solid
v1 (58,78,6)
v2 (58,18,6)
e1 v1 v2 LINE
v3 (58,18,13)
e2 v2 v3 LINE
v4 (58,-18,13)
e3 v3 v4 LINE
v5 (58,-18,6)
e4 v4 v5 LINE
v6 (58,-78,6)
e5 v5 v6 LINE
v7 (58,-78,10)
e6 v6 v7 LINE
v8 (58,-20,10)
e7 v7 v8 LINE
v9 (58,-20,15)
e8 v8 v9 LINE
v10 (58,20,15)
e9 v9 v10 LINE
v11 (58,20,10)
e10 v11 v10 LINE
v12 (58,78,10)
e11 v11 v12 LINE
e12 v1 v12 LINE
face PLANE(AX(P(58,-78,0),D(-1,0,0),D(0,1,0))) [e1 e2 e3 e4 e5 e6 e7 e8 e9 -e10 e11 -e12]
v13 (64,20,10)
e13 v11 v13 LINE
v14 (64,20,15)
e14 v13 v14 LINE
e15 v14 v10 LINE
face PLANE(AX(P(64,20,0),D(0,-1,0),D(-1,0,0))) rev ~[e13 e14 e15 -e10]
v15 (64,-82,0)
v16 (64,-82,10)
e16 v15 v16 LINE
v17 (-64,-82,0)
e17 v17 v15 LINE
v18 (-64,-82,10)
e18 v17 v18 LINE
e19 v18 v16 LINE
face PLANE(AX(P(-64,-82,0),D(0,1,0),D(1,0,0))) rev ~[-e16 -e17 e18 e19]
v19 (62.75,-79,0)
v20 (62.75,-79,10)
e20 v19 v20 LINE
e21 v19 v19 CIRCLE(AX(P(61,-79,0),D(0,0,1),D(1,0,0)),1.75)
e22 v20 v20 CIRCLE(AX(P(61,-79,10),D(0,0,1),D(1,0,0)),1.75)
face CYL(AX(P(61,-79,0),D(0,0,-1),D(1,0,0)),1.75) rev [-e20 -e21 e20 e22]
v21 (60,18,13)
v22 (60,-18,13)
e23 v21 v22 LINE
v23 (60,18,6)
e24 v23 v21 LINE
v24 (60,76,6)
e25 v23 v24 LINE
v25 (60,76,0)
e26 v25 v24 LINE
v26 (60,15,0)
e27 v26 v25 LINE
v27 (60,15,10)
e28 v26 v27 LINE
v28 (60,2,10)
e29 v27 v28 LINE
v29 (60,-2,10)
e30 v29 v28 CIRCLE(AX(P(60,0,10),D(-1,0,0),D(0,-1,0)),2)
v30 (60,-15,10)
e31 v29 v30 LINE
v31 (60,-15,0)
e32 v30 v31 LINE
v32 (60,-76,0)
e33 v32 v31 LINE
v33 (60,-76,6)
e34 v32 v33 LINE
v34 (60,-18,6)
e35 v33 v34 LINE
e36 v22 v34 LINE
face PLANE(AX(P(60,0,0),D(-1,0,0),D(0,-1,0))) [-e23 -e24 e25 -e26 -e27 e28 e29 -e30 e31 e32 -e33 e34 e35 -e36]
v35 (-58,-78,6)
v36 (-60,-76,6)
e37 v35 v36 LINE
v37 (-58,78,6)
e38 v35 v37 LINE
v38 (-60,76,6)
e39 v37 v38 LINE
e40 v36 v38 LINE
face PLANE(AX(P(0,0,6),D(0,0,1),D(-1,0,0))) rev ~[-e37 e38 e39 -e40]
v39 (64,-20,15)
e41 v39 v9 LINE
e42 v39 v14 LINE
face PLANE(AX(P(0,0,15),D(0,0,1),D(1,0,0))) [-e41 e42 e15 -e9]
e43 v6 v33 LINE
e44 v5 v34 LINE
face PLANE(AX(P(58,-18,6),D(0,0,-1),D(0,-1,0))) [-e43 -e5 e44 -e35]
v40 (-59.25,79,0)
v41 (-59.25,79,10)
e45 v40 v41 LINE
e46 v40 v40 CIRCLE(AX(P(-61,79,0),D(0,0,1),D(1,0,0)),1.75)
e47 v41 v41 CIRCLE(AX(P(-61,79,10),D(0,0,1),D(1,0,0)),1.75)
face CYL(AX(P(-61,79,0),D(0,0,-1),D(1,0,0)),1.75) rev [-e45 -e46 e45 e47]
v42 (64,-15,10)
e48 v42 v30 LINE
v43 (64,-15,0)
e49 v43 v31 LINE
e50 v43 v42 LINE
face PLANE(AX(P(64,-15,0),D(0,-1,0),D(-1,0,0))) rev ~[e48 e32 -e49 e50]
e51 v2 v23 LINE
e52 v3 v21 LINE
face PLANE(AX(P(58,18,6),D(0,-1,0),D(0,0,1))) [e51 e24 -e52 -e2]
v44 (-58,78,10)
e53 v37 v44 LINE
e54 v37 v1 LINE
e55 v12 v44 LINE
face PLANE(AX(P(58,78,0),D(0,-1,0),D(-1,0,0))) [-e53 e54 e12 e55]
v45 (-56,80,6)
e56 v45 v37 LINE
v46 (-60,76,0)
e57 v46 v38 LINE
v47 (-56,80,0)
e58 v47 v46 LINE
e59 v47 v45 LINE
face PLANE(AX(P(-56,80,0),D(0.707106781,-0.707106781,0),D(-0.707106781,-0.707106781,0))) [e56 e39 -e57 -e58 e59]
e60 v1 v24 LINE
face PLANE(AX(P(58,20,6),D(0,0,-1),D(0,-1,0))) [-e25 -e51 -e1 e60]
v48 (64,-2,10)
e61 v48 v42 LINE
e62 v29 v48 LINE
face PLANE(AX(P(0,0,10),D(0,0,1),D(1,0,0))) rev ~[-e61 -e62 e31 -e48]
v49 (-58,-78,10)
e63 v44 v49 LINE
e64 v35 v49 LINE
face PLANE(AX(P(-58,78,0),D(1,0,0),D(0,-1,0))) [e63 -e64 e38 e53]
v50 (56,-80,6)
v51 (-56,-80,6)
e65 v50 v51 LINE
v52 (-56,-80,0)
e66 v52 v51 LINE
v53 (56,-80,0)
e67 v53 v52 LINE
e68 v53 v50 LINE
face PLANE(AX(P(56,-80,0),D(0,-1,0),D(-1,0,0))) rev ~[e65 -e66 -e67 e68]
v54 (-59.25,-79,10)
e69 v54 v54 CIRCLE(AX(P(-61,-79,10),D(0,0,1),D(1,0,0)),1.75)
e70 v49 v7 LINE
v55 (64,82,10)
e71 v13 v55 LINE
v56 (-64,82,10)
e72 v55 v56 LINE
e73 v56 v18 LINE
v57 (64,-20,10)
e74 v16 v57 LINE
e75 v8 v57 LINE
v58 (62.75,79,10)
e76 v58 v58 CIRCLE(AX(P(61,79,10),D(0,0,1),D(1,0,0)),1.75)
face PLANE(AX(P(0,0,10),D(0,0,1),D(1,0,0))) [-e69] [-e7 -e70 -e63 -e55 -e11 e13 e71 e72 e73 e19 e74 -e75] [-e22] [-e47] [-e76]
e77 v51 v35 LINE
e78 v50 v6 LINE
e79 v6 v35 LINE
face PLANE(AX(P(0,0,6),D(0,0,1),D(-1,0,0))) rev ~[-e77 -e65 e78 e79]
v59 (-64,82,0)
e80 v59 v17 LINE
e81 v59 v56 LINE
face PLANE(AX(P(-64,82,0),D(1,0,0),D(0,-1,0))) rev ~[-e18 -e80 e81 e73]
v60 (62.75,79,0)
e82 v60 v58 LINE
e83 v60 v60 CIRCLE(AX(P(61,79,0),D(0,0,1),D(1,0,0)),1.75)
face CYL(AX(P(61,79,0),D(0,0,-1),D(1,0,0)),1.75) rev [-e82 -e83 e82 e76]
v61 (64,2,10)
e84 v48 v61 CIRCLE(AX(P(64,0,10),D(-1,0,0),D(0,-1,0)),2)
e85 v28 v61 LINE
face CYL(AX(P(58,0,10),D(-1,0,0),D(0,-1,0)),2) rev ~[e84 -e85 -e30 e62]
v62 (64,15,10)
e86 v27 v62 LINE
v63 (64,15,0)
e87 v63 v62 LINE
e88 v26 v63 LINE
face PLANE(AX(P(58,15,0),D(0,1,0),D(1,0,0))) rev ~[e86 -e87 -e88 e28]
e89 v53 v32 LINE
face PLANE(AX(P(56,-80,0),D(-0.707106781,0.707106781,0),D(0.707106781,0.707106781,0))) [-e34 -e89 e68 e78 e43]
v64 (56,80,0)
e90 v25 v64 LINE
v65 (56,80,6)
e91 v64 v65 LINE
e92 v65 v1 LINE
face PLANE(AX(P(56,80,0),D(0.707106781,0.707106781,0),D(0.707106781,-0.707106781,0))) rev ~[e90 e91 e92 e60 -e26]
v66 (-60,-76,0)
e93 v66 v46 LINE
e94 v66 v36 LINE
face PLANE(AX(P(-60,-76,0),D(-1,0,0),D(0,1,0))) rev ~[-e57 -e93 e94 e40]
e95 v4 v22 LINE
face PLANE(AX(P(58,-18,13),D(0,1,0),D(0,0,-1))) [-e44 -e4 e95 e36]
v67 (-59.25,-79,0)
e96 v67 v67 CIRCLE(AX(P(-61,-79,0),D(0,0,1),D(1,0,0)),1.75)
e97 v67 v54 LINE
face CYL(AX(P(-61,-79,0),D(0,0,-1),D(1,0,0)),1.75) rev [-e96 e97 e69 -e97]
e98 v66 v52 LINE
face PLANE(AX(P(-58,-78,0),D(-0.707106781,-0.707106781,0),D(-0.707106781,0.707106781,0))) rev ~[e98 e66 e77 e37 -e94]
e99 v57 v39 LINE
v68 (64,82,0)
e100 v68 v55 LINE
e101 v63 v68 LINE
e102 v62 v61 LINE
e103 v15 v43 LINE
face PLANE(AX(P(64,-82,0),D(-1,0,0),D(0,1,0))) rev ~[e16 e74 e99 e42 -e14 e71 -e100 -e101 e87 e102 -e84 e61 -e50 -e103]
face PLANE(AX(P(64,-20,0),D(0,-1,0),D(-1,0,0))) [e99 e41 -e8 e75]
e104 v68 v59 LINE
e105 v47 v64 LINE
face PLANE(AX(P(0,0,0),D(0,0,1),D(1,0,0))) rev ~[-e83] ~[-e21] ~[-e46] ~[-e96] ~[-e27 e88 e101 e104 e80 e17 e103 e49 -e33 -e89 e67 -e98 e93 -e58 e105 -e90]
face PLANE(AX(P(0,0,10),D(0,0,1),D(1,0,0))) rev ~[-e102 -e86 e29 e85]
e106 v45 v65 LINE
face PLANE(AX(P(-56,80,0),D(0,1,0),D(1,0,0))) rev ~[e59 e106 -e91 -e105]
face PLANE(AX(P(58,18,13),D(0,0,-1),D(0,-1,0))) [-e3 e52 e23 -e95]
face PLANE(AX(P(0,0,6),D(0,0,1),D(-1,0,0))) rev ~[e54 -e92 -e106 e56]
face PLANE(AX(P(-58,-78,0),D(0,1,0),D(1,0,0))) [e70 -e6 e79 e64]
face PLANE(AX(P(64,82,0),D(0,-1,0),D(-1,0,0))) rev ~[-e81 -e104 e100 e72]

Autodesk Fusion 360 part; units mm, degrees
sketch "Sketch1" plane through (0, 0, 0) normal (0, 0, 1) x (1, 0, 0)
  line L0 (58, 78) -> (-58, 78)
  line L1 (-58, 78) -> (-58, -78)
  line L2 (-58, -78) -> (58, -78)
  line L3 (58, -78) -> (58, 78)
  line L4 (58, 78) -> (-58, -78) construction
  line L5 (-58, 78) -> (58, -78) construction
  circle A0 centre (-61, 79) radius 1.75
  line L6 (0, 2.5) -> (0, 20)
  circle A1 centre (61, 79) radius 1.75
  line L7 (20, 0) -> (2.5, 0)
  circle A2 centre (61, -79) radius 1.75
  circle A3 centre (-61, -79) radius 1.75
  line L8 (64, 82) -> (-64, 82)
  line L9 (-64, 82) -> (-64, -82)
  line L10 (-64, -82) -> (64, -82)
  line L11 (64, -82) -> (64, 82)
  line L12 (64, 82) -> (-64, -82) construction
  line L13 (-64, 82) -> (64, -82) construction
  dimension "d1" = 116
  dimension "d2" = 156
  dimension "d3" = 3.5
  dimension "d4" = 3
  dimension "d5" = 1
  dimension "d6" = 3
  dimension "d7" = 3
extrude "Extrude1" add sketch "Sketch1" along normal blind 10
sketch "Sketch2" plane through (0, 0, 0) normal (0, 0, 1) x (-1, 0, 0)
  line L0 (-58, -78) -> (-58, 78)
  line L1 (-58, 78) -> (58, 78)
  line L2 (58, 78) -> (58, -78)
  line L3 (58, -78) -> (-58, -78)
  circle A0 centre (-61, 79) radius 1.5
  circle A1 centre (-61, -79) radius 1.5
  circle A2 centre (61, 79) radius 1.5
  circle A3 centre (61, -79) radius 1.5
  line L4 (-64, 82) -> (-64, -82)
  line L5 (-64, -82) -> (64, -82)
  line L6 (64, -82) -> (64, 82)
  line L7 (64, 82) -> (-64, 82)
  line L8 (-60, 80) -> (60, 80)
  line L9 (60, 80) -> (60, -80)
  line L10 (60, -80) -> (-60, -80)
  line L11 (-60, -80) -> (-60, 80)
  line L12 (56, -80) -> (60, -76)
  line L13 (0, -2.5) -> (0, -20)
  line L14 (-56, -80) -> (-60, -76)
  line L15 (-20, 0) -> (-2.5, 0)
  line L16 (-56, 80) -> (-60, 76)
  line L17 (56, 80) -> (60, 76)
  line L18 (-58, 78) -> (-58, -78)
  line L19 (-58, -78) -> (58, -78)
  line L20 (58, -78) -> (58, 78)
  line L21 (58, 78) -> (-58, 78)
  circle A4 centre (-61, 79) radius 1.75
  circle A5 centre (-61, -79) radius 1.75
  circle A6 centre (61, 79) radius 1.75
  circle A7 centre (61, -79) radius 1.75
  line L22 (-64, -82) -> (-64, 82)
  line L23 (-64, 82) -> (64, 82)
  line L24 (64, 82) -> (64, -82)
  line L25 (64, -82) -> (-64, -82)
  dimension "d10" = -2
  dimension "d11" = 45
extrude "Extrude2" cut sketch "Sketch2" along normal blind 6 contours L0 L11 L14 L16 L18 | L3 L10 L12 L14 L19 | L1 L8 L16 L17 L21 | L2 L9 L12 L17 L20
sketch "Sketch3" plane through (0, 0, 0) normal (0, 0, 1) x (1, 0, 0)
  line L0 (58, 15) -> (64, 15)
  line L1 (64, 15) -> (64, -15)
  line L2 (64, -15) -> (58, -15)
  line L3 (58, -15) -> (58, 15)
  line L4 (64, -82) -> (64, 82)
  line L5 (58, -78) -> (58, 78)
  line L6 (58, 15) -> (64, 15)
  line L7 (64, 15) -> (64, 20)
  line L8 (64, 20) -> (58, 20)
  line L9 (58, 20) -> (58, 15)
  line L10 (58, -15) -> (64, -15)
  line L11 (64, -15) -> (64, -20)
  line L12 (64, -20) -> (58, -20)
  line L13 (58, -20) -> (58, -15)
  point P0 (58, 0)
  dimension "d14" = 30
  dimension "d15" = 5
  dimension "d16" = 5
extrude "Extrude3" add sketch "Sketch3" along normal blind 15
extrude "Extrude4" cut sketch "Sketch3" along normal blind 10 contours L0 L1 L2 L3 L4 L5 L6 L10
sketch "Sketch4" plane through (58, 0, 0) normal (-1, 0, 0) x (0, -1, 0)
  line L0 (-15, 0) -> (-15, 10)
  line L1 (-15, 10) -> (15, 10)
  line L2 (15, 10) -> (15, 0)
  line L3 (15, 0) -> (20, 0)
  line L4 (78, 6) -> (78, 10)
  line L5 (20, 6) -> (78, 6)
  line L6 (20, 0) -> (20, 6)
  line L7 (20, 15) -> (-20, 15)
  line L8 (-20, 15) -> (-20, 10)
  line L9 (-78, 10) -> (-78, 6)
  circle A0 centre (0, 10) radius 2
  line L10 (78, 10) -> (20, 10)
  line L11 (20, 10) -> (20, 15)
  line L12 (-20, 10) -> (-78, 10)
  line L13 (-78, 6) -> (-20, 6)
  line L14 (-20, 6) -> (-20, 0)
  line L15 (-20, 0) -> (-15, 0)
extrude "Extrude5" cut sketch "Sketch4" against normal blind 6 contours L1 A0 picked at (0.4887, 10.4534)
sketch "Sketch6" plane through (58, 0, 0) normal (-1, 0, 0) x (0, -1, 0)
  arc A0 (2, 10) -> (-2, 10) centre (0, 10) ccw
  line L0 (2, 10) -> (15, 10)
  line L1 (15, 10) -> (15, 0)
  line L2 (15, 0) -> (20, 0)
  line L3 (20, 0) -> (20, 6)
  line L4 (20, 6) -> (78, 6)
  line L5 (78, 6) -> (78, 10)
  line L6 (78, 10) -> (20, 10)
  line L7 (20, 10) -> (20, 15)
  line L8 (20, 15) -> (-20, 15)
  line L9 (-20, 15) -> (-20, 10)
  line L10 (-20, 10) -> (-78, 10)
  line L11 (-78, 10) -> (-78, 6)
  line L12 (-78, 6) -> (-20, 6)
  line L13 (-20, 6) -> (-20, 0)
  line L14 (-20, 0) -> (-15, 0)
  line L15 (-15, 0) -> (-15, 10)
  line L16 (-15, 10) -> (-2, 10)
  line L17 (-20, 6) -> (-18, 6)
  line L18 (-18, 6) -> (-18, 13)
  line L19 (-18, 13) -> (18, 13)
  line L20 (18, 13) -> (18, 6)
  line L21 (18, 6) -> (20, 6)
  dimension "d26" = 3
  dimension "d27" = 3
  dimension "d28" = 3
extrude "Extrude7" cut sketch "Sketch6" against normal blind 2 contours A0 L0 L1 L2 L3 L13 L14 L15 L16 L17 L18 L19 L20 L21
